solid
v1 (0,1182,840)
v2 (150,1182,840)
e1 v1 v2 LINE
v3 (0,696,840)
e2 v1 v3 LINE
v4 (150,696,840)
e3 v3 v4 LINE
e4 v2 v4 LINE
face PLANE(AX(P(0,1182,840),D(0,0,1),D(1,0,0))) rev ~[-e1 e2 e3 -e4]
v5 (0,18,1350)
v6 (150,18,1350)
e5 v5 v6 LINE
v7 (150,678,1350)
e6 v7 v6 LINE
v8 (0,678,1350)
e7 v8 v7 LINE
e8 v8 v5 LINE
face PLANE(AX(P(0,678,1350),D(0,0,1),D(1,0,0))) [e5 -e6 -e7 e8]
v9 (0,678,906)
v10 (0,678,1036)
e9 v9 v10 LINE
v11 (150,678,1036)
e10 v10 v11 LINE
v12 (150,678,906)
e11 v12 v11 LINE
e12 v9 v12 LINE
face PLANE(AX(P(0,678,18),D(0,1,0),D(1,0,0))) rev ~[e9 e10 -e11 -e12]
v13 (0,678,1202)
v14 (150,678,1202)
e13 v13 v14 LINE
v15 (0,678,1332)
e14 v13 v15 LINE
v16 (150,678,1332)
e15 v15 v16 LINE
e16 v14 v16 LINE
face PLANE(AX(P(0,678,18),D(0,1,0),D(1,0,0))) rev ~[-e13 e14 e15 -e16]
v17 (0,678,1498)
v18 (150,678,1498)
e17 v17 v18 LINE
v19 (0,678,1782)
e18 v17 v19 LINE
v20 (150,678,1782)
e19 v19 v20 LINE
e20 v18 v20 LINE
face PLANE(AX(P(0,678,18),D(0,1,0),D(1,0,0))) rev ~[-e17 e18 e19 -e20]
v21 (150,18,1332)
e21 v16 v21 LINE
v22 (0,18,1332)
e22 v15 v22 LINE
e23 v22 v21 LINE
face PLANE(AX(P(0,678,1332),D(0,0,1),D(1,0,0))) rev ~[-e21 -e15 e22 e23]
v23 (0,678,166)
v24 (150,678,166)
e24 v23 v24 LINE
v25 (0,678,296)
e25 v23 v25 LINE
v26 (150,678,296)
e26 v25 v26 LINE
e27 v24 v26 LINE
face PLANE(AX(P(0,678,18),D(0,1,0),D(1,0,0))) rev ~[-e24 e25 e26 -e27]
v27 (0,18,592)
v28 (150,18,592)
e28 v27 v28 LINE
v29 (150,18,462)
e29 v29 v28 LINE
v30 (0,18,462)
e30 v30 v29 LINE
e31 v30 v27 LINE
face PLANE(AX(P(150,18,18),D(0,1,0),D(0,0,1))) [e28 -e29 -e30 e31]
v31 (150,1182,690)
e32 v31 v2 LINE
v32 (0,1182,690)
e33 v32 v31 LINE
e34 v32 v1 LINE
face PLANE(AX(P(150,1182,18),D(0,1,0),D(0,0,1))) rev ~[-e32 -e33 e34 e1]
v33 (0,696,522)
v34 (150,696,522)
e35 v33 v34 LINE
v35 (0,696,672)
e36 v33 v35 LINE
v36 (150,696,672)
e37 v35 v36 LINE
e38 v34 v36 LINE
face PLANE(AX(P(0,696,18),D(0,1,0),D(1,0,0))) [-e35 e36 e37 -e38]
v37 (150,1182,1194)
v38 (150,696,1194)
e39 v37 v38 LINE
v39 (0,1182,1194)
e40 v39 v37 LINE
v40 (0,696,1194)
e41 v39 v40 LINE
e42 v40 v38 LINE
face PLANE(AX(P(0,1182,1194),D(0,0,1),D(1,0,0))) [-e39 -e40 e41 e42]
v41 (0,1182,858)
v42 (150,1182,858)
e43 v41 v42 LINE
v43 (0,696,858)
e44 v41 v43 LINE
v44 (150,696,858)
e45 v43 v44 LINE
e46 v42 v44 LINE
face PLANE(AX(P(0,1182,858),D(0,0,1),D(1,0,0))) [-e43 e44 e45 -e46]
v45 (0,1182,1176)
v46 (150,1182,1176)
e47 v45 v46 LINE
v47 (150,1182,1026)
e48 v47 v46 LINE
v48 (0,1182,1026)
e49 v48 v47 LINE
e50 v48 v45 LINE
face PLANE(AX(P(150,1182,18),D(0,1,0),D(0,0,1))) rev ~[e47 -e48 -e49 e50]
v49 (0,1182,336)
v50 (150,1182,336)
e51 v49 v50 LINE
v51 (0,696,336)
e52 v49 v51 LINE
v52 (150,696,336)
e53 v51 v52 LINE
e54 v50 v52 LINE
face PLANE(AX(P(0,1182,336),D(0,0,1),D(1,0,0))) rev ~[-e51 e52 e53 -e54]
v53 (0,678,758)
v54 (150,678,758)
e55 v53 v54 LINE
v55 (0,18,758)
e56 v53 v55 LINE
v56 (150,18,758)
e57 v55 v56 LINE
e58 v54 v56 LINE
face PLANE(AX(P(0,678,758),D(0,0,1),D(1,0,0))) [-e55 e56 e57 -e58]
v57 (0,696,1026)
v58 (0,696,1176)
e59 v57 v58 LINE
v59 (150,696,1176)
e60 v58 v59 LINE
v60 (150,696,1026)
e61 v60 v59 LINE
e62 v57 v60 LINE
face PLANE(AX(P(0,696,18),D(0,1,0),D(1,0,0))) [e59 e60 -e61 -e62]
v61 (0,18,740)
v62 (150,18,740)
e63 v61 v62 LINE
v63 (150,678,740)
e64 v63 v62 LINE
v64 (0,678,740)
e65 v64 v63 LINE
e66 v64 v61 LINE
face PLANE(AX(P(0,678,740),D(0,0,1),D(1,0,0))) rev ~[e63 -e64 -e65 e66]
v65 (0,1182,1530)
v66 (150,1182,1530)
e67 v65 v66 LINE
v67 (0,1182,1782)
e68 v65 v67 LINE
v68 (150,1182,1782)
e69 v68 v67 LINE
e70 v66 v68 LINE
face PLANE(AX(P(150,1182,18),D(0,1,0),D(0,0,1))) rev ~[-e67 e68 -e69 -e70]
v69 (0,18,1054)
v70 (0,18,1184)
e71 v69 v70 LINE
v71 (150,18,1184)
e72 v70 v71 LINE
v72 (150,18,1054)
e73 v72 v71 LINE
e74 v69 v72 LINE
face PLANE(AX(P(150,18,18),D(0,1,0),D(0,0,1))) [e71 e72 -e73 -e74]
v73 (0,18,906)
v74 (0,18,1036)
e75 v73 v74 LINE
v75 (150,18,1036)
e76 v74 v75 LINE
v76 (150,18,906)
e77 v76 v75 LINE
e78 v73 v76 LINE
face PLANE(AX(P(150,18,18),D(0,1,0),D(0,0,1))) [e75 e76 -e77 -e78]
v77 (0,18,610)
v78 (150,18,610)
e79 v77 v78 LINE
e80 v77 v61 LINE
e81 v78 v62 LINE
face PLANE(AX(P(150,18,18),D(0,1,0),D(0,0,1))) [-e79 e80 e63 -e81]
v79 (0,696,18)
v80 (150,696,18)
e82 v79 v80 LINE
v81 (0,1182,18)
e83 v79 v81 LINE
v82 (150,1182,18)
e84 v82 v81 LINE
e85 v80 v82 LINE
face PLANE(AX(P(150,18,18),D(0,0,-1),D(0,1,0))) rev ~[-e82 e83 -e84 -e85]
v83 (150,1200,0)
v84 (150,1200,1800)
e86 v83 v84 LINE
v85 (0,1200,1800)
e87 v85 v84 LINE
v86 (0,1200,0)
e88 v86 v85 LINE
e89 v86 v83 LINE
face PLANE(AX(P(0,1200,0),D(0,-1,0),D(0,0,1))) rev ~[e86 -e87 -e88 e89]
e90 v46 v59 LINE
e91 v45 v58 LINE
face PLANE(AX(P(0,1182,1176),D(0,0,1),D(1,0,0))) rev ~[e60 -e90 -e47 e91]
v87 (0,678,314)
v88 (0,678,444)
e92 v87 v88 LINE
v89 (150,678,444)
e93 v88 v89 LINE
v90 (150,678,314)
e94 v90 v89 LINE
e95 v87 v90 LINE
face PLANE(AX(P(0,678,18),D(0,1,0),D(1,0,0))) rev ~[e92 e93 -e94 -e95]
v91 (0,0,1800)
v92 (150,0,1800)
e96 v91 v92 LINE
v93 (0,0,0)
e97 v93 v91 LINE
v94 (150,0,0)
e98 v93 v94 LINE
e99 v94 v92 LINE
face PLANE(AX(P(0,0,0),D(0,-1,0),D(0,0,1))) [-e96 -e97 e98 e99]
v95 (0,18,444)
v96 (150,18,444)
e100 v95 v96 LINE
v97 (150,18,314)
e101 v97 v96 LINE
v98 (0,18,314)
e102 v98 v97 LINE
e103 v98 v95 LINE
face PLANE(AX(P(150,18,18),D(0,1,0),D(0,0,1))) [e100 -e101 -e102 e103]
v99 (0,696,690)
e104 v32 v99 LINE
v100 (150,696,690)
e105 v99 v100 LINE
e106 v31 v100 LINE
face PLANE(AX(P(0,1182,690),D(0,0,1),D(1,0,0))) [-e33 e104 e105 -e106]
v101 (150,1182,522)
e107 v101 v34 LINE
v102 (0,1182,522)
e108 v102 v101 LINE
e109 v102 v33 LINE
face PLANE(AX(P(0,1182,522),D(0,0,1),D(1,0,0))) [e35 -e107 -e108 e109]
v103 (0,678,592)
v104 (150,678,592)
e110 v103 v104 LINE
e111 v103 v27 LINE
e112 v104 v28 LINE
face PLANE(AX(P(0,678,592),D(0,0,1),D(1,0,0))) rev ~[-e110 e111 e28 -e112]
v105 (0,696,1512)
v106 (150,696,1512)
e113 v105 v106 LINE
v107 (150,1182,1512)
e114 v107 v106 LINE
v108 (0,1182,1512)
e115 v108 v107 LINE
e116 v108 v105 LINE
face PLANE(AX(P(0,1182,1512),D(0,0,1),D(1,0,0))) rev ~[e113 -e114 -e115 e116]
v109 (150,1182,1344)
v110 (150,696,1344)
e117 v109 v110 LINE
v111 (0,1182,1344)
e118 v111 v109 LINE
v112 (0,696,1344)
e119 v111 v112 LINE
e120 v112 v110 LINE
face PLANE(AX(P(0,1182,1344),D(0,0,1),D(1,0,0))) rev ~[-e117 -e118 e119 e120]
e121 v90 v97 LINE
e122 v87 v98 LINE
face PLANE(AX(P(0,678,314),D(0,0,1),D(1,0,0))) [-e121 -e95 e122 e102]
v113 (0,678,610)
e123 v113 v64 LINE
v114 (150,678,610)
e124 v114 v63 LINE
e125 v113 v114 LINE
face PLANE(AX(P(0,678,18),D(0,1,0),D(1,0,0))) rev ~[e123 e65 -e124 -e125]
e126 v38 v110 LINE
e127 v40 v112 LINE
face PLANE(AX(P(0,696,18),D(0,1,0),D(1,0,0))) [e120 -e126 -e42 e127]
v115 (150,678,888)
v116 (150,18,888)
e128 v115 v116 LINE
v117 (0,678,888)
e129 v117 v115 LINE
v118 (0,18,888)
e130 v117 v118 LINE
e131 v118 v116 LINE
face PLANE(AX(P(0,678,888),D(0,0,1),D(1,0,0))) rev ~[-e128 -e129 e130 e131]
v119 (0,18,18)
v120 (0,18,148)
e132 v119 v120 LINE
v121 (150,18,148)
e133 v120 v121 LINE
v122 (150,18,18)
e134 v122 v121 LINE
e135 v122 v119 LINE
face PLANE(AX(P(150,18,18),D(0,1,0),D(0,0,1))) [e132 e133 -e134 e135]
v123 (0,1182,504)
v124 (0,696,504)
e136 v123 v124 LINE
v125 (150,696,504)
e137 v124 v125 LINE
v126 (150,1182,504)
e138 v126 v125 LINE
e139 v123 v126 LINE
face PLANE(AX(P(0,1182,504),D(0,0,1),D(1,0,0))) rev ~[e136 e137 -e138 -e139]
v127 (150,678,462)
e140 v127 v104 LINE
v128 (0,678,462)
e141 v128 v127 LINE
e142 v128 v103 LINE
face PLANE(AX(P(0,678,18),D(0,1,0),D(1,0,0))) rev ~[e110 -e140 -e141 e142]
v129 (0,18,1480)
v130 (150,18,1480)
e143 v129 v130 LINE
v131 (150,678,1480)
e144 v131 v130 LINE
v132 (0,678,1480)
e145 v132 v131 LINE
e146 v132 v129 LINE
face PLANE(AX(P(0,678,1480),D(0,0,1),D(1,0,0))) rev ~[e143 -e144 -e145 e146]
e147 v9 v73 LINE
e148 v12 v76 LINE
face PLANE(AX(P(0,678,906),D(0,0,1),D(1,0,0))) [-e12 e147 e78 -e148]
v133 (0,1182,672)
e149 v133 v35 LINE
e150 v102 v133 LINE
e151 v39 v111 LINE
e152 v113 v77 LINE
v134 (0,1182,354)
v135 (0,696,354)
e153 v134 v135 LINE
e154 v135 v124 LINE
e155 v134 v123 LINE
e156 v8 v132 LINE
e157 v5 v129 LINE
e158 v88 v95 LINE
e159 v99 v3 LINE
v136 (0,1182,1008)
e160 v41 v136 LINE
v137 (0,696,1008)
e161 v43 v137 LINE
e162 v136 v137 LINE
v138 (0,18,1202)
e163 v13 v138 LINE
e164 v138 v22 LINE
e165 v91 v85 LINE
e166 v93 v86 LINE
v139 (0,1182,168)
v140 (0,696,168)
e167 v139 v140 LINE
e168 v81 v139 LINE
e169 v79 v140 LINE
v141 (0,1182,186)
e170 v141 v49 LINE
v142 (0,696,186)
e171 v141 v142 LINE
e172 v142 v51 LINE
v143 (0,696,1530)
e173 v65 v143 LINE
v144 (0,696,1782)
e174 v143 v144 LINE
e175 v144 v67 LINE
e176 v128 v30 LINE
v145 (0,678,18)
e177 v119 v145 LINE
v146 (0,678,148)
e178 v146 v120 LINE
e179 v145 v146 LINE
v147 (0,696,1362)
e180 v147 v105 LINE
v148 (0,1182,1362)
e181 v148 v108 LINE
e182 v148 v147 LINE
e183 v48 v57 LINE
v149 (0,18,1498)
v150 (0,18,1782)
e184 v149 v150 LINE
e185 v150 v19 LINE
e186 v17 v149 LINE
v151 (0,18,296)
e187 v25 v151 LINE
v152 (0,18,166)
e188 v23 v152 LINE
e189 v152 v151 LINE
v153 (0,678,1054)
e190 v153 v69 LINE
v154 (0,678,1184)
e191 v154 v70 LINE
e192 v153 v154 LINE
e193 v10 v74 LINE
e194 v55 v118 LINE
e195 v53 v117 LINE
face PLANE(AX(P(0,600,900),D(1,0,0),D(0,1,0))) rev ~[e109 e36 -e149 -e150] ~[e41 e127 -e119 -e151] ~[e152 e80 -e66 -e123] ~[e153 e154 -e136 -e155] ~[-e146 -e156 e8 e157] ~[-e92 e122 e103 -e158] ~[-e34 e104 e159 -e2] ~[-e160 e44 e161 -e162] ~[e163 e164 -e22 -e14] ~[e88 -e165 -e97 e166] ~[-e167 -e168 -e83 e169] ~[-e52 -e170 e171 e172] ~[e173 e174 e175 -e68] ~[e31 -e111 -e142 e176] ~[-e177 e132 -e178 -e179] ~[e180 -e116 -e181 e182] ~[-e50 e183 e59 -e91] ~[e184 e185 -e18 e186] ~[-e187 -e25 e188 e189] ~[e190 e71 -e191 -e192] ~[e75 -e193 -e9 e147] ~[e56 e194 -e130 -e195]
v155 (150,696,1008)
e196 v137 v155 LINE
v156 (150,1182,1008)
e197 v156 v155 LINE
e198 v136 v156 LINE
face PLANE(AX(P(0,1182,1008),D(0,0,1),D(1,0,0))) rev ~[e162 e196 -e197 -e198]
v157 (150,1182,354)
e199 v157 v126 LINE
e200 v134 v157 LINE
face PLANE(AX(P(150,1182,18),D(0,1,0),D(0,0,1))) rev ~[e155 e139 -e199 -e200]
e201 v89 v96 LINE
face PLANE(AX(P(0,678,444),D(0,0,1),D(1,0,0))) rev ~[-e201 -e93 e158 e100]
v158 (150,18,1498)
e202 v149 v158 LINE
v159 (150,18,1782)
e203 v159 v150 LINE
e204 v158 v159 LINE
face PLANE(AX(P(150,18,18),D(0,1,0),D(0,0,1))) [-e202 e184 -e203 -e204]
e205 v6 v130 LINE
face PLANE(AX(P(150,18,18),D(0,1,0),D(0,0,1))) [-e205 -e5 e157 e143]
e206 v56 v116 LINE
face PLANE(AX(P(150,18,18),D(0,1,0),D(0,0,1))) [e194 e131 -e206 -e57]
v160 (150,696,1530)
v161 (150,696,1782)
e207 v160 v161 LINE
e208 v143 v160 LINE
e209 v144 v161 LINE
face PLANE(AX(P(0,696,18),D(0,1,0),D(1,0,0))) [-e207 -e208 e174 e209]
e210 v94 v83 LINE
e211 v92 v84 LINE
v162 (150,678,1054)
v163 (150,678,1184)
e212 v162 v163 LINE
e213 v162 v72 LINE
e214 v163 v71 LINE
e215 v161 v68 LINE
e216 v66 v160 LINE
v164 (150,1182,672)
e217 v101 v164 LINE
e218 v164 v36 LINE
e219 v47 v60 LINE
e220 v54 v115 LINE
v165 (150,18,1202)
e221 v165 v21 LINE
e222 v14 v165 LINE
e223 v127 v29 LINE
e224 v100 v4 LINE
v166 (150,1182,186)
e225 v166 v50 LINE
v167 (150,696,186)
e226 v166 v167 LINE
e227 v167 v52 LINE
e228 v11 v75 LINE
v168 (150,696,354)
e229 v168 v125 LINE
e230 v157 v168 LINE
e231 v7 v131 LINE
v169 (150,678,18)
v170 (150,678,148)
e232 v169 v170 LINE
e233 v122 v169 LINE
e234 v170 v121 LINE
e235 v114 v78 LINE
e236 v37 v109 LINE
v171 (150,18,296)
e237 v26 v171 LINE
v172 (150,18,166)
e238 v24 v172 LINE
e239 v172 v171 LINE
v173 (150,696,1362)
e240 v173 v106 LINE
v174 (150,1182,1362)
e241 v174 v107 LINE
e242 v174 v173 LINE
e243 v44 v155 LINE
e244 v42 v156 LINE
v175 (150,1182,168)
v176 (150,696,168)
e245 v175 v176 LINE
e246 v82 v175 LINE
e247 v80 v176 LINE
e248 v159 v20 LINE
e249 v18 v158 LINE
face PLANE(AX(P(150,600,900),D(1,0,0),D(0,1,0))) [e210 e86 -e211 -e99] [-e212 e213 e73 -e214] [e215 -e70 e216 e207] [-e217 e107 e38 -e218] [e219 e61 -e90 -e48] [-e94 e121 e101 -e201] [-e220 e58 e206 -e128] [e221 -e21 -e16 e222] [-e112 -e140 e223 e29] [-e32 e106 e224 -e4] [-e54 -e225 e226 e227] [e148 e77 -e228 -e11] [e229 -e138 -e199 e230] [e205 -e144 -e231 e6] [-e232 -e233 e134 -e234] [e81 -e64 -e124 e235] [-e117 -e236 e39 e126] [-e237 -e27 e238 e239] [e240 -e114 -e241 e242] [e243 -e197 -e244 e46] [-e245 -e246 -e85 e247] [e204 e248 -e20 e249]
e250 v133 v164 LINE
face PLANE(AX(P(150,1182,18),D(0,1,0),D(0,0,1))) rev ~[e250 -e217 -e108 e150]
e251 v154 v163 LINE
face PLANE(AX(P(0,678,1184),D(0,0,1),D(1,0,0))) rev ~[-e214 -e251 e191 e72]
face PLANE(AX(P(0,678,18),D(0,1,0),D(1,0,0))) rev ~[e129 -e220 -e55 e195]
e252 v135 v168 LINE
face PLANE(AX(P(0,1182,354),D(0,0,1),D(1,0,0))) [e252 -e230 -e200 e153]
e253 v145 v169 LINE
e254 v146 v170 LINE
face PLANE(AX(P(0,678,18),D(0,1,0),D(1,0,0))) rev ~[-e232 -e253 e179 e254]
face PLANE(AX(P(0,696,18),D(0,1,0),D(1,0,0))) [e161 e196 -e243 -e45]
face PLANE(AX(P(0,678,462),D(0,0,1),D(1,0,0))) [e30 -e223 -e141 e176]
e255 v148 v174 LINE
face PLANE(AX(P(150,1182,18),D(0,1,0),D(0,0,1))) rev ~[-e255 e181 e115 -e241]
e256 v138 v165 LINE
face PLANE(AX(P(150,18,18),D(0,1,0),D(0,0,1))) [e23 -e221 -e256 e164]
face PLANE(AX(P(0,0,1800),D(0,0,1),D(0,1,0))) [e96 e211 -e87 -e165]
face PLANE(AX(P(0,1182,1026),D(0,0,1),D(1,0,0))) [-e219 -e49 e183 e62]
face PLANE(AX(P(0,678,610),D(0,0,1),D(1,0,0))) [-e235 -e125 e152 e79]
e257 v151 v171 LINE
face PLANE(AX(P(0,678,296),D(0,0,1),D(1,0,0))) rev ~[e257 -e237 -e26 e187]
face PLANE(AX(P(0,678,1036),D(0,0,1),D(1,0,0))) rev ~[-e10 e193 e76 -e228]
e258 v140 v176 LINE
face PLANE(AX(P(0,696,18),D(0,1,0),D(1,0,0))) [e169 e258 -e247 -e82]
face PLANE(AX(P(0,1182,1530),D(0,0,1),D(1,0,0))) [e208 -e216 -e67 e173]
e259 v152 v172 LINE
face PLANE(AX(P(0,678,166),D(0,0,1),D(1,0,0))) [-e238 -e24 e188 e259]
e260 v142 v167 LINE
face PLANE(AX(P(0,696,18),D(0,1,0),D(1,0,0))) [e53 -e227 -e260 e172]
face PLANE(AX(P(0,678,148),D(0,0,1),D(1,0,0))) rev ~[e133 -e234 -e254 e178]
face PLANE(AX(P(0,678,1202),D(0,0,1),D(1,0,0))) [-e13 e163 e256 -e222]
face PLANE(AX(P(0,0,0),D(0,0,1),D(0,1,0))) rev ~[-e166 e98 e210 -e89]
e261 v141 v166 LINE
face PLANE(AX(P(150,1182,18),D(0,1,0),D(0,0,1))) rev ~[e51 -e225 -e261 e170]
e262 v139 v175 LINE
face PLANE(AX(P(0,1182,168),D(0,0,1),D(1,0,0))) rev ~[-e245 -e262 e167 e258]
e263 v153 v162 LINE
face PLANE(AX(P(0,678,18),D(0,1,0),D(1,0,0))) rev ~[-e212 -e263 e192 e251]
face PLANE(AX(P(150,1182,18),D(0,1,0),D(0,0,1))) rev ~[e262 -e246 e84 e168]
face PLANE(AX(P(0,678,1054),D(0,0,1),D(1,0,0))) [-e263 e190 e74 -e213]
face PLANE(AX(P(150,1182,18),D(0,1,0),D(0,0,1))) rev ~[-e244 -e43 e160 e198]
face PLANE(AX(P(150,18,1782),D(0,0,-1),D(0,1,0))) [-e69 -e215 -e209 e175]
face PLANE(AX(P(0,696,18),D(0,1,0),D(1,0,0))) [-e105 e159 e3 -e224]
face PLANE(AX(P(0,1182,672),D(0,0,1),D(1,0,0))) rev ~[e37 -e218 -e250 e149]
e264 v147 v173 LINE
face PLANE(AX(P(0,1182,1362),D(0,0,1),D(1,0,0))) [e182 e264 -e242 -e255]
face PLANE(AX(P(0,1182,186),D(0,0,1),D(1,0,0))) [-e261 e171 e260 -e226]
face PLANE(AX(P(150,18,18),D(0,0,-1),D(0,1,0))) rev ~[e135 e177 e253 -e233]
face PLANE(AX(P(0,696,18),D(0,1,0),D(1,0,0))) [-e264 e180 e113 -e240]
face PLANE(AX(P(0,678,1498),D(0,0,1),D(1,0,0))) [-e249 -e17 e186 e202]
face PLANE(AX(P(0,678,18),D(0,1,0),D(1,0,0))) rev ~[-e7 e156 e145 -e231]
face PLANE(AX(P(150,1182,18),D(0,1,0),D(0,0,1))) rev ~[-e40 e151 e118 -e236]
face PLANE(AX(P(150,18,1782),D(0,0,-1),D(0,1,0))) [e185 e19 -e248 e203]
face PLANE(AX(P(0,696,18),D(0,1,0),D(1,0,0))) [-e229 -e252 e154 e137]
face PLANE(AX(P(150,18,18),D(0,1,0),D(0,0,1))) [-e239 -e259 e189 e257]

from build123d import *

# Parameters (mm, degrees)
F0_W     = 1200
F0_H     = 1800
F1_DEPTH = 150
F2_W     = 1164
F2_H     = 1764
F3_DEPTH = 150
F4_W     = 150
F4_H     = 18
F5_DEPTH = 1764
F6_W     = 150
F6_H     = 18
F7_DEPTH = 660
F8_W     = 150
F8_H     = 18
F9_DEPTH = 486


with BuildPart() as f1:
    # F0 (on Right) → F1 (new body)
    with BuildSketch(Plane.YZ):
        with Locations((600, 900)):
            Rectangle(F0_W, F0_H)
    extrude(amount=F1_DEPTH)

    # F2 (on face) → F3 (cut)
    with BuildSketch(Plane.YZ.offset(150)):
        with Locations((600, 900)):
            Rectangle(F2_W, F2_H)
    extrude(amount=-F3_DEPTH, mode=Mode.SUBTRACT)

    # F4 (on face) → F5 (join)
    with BuildSketch(Plane.XY.offset(18)):
        with Locations((75, 687)):
            Rectangle(F4_W, F4_H)
    extrude(amount=F5_DEPTH)

    # F6 (on face) → F7 (join)
    with BuildSketch(Plane.XZ.offset(-678)):
        with Locations((75, 157)):
            Rectangle(F6_W, F6_H)
        with Locations((75, 305)):
            Rectangle(F6_W, F6_H)
        with Locations((75, 453)):
            Rectangle(F6_W, F6_H)
        with Locations((75, 601)):
            Rectangle(F6_W, F6_H)
        with Locations((75, 749)):
            Rectangle(F6_W, F6_H)
        with Locations((75, 897)):
            Rectangle(F6_W, F6_H)
        with Locations((75, 1045)):
            Rectangle(F6_W, F6_H)
        with Locations((75, 1193)):
            Rectangle(F6_W, F6_H)
        with Locations((75, 1341)):
            Rectangle(F6_W, F6_H)
        with Locations((75, 1489)):
            Rectangle(F6_W, F6_H)
    extrude(amount=F7_DEPTH)

    # F8 (on face) → F9 (join)
    with BuildSketch(Plane.XZ.offset(-1182)):
        with Locations((75, 177)):
            Rectangle(F8_W, F8_H)
        with Locations((75, 345)):
            Rectangle(F8_W, F8_H)
        with Locations((75, 513)):
            Rectangle(F8_W, F8_H)
        with Locations((75, 681)):
            Rectangle(F8_W, F8_H)
        with Locations((75, 849)):
            Rectangle(F8_W, F8_H)
        with Locations((75, 1017)):
            Rectangle(F8_W, F8_H)
        with Locations((75, 1185)):
            Rectangle(F8_W, F8_H)
        with Locations((75, 1353)):
            Rectangle(F8_W, F8_H)
        with Locations((75, 1521)):
            Rectangle(F8_W, F8_H)
    extrude(amount=F9_DEPTH)


solid = f1.part
